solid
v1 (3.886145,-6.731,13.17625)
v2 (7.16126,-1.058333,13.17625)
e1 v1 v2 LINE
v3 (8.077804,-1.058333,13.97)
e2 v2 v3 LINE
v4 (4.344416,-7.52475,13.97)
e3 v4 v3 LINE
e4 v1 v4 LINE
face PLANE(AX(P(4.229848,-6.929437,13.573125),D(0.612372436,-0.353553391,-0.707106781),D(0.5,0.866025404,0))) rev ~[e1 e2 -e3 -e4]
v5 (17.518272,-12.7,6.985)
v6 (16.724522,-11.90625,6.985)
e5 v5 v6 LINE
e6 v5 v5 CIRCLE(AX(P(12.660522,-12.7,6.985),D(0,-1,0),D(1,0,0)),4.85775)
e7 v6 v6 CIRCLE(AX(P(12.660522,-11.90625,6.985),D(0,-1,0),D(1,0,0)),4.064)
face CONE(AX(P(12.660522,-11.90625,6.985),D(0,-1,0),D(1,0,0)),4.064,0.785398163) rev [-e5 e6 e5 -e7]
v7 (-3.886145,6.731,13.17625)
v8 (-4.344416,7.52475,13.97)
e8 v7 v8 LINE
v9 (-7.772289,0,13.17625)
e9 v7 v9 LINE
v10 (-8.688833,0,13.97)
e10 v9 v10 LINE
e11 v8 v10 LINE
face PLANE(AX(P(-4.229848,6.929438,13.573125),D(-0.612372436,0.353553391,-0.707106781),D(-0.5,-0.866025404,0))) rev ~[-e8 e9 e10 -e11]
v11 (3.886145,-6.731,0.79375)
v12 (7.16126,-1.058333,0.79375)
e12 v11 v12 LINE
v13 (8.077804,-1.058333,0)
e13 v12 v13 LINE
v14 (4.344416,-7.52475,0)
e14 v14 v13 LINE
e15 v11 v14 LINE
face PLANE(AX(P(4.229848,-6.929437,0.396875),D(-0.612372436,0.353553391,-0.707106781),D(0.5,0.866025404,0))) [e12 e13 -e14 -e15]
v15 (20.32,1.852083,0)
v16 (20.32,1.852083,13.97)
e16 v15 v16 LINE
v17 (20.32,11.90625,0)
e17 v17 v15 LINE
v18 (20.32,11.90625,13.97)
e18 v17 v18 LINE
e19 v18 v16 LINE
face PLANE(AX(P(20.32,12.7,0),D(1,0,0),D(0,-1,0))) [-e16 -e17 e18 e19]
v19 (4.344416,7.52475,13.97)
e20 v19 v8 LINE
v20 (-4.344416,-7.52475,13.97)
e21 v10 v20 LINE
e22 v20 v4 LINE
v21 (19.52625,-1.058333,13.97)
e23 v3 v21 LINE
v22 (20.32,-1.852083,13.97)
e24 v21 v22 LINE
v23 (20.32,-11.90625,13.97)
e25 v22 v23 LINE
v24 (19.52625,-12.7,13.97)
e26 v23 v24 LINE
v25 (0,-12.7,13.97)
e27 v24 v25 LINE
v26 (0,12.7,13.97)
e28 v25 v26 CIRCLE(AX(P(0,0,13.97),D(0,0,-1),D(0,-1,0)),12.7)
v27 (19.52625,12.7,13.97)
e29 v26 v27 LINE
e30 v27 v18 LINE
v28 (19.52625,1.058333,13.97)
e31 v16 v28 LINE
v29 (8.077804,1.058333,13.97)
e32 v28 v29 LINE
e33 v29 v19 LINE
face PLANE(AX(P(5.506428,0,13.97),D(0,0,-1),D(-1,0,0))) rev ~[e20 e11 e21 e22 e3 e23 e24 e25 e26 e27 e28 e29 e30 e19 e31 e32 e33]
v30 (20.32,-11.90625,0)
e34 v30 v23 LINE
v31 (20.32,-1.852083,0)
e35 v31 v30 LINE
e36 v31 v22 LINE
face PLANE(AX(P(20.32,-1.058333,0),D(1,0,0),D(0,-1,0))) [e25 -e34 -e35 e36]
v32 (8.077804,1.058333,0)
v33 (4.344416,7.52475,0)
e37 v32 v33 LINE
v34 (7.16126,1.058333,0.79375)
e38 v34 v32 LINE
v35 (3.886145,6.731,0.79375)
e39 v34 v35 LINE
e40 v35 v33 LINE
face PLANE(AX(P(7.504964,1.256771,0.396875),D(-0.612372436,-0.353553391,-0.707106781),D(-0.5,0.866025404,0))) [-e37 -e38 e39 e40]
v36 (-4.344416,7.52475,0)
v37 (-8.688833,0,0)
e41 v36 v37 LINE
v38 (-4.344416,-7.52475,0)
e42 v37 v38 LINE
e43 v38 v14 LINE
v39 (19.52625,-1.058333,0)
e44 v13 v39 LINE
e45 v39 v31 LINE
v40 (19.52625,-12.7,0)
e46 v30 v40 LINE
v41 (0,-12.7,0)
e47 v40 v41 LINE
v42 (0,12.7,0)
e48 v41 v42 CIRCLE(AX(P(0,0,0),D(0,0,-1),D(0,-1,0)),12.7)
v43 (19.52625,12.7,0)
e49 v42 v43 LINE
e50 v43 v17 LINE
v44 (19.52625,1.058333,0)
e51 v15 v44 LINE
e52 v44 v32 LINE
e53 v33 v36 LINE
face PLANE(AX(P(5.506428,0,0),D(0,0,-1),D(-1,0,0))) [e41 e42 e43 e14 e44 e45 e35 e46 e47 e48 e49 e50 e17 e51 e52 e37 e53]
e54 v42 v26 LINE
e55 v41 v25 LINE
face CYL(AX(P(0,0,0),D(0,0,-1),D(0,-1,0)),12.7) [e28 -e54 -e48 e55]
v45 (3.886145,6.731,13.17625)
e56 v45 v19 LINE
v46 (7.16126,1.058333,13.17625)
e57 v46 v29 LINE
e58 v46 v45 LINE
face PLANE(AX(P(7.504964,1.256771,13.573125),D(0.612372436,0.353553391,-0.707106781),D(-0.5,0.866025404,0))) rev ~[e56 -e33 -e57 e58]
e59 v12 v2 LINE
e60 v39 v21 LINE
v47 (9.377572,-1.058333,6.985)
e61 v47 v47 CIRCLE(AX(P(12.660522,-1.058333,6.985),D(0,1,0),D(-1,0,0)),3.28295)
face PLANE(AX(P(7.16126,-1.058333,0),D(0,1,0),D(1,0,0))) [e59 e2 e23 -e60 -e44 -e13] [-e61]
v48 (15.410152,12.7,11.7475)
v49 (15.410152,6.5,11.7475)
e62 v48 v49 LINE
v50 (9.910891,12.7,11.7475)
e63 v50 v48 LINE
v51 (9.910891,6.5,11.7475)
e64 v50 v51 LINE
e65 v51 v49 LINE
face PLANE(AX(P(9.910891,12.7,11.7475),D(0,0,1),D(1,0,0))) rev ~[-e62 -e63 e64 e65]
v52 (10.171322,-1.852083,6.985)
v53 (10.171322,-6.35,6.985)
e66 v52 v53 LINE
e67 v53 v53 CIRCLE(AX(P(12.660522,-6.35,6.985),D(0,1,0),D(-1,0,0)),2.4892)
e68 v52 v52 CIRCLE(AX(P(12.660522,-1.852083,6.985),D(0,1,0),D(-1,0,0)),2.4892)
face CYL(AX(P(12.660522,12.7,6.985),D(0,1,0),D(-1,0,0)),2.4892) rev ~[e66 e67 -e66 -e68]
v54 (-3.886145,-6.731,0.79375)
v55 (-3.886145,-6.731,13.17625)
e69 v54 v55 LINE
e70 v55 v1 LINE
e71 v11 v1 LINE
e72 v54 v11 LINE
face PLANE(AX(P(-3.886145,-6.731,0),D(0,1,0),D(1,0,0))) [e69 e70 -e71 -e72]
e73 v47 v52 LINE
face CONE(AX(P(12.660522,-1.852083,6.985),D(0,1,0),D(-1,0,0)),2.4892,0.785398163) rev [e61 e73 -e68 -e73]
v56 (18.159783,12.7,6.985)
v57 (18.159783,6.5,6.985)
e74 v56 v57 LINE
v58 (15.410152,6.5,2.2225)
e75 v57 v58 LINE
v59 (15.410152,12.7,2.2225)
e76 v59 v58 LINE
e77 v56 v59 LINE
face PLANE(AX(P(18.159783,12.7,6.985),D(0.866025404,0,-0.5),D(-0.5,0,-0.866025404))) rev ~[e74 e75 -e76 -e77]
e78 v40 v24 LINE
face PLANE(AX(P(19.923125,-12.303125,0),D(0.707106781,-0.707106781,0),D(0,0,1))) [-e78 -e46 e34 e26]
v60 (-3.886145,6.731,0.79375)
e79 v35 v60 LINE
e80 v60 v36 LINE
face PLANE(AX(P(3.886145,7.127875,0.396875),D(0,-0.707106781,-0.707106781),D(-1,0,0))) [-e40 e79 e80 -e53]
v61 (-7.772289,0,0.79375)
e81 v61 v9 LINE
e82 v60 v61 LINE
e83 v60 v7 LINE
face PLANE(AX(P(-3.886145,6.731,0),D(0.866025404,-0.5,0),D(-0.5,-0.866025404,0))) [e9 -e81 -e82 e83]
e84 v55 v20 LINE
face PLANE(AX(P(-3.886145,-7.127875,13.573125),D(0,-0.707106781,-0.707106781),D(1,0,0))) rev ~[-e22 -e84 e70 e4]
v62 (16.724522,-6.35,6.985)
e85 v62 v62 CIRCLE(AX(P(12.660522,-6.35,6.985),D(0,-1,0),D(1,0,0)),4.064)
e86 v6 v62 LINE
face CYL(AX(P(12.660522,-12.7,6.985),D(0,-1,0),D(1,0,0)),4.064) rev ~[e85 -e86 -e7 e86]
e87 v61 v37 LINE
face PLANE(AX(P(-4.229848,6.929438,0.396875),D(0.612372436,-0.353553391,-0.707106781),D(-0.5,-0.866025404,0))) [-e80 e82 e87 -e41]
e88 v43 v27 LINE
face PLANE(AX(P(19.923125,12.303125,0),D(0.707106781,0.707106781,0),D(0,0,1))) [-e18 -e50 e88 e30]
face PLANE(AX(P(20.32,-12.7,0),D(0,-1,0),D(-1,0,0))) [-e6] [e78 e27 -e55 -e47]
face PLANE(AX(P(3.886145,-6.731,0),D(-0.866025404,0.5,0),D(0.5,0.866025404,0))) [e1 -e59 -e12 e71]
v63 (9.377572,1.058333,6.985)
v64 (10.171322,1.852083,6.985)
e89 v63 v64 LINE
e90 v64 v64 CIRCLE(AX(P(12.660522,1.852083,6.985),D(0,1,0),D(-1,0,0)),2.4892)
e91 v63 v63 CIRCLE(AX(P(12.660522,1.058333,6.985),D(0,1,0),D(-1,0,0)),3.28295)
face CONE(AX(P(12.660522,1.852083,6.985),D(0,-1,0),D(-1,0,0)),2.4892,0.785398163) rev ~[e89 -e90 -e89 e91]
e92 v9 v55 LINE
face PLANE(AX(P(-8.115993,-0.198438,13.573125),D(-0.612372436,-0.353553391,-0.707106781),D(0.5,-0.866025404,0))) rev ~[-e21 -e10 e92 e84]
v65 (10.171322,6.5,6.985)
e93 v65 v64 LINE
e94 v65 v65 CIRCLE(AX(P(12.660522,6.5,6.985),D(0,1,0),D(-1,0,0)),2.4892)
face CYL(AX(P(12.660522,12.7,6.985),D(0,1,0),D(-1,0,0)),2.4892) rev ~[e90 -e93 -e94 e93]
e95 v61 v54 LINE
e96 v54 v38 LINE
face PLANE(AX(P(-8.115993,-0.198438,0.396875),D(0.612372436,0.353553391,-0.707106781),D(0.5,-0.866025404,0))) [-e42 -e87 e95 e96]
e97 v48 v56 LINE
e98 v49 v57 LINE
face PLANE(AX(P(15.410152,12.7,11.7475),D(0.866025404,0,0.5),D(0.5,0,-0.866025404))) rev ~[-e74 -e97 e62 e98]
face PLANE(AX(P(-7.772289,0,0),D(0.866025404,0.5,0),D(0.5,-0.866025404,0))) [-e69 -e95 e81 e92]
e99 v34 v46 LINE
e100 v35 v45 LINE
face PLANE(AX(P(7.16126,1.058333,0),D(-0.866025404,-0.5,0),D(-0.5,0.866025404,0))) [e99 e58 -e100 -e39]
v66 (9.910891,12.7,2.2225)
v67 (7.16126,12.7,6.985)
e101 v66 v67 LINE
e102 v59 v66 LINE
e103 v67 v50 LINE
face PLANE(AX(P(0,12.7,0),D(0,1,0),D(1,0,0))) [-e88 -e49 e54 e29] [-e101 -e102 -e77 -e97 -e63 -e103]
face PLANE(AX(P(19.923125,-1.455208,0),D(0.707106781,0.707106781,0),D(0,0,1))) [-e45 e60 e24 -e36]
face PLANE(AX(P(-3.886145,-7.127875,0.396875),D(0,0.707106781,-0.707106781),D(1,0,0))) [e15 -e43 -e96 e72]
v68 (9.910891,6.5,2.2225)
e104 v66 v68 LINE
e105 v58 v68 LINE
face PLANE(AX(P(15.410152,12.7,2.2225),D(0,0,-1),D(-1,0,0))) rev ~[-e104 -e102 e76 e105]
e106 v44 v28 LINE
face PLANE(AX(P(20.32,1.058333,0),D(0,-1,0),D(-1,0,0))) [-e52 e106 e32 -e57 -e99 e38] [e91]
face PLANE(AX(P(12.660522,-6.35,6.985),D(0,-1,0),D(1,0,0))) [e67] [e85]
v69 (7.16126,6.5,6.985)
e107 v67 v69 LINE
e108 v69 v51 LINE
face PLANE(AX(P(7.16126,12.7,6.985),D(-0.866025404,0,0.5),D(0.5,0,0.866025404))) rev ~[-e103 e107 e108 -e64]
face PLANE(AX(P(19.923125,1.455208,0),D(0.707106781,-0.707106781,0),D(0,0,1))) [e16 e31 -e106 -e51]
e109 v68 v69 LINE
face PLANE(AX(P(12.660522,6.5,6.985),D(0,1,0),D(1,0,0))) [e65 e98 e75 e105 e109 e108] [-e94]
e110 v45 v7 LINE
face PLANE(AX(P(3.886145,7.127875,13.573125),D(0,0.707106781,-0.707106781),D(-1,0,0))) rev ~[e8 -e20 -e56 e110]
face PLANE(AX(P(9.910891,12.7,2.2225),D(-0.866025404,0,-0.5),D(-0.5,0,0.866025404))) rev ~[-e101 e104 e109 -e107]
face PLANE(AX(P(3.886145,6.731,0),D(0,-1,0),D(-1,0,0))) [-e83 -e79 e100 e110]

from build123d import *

# Parameters (mm, degrees)
BOSS_EXTRUDE1_DEPTH = 13.97
CHAMFER1_SIZE       = 0.79375
SKETCH3_R           = 2.4892
CUT_EXTRUDE1_DEPTH  = 36.400894057
CUT_EXTRUDE2_DEPTH  = 6.2
SKETCH5_R           = 4.064
CUT_EXTRUDE3_DEPTH  = 6.35
CHAFL_N1_SIZE       = 0.79375


with BuildPart() as part:
    # Sketch2 → Boss-Extrude1 (new body)
    with BuildSketch(Plane.XY):
        with BuildLine():
            Line((3.886144662, -6.731), (7.161260289, -1.058333333))
            Line((7.161260289, -1.058333333), (10.16, -1.058333333))
            Line((10.16, -1.058333333), (20.32, -1.058333333))
            Line((20.32, -1.058333333), (20.32, -12.7))
            Line((20.32, -12.7), (0, -12.7))
            ThreePointArc((0, -12.7), (-12.7, 0), (0, 12.7))
            Line((0, 12.7), (20.32, 12.7))
            Line((20.32, 12.7), (20.32, 1.058333333))
            Line((20.32, 1.058333333), (10.16, 1.058333333))
            Line((10.16, 1.058333333), (7.161260289, 1.058333333))
            Line((7.161260289, 1.058333333), (3.886144662, 6.731))
            Line((3.886144662, 6.731), (-3.886144662, 6.731))
            Line((-3.886144662, 6.731), (-7.772289324, 0))
            Line((-7.772289324, 0), (-3.886144662, -6.731))
            Line((-3.886144662, -6.731), (3.886144662, -6.731))
        make_face()
    extrude(amount=BOSS_EXTRUDE1_DEPTH)

    # Chamfer1
    chamfer1_edges = [part.edges().sort_by_distance(p)[0] for p in [
        (5.523702475, 3.894666667, 0),
        (0, 6.731, 0),
        (-5.829216993, 3.3655, 0),
        (-5.829216993, -3.3655, 0),
        (0, -6.731, 0),
        (5.523702475, -3.894666667, 0),
        (20.32, -1.058333333, 6.985),
        (20.32, -12.7, 6.985),
        (20.32, 12.7, 6.985),
        (20.32, 1.058333333, 6.985),
        (5.523702475, -3.894666667, 13.97),
        (0, -6.731, 13.97),
        (-5.829216993, -3.3655, 13.97),
        (-5.829216993, 3.3655, 13.97),
        (0, 6.731, 13.97),
        (5.523702475, 3.894666667, 13.97),
    ]]
    chamfer(chamfer1_edges, length=CHAMFER1_SIZE)

    # Sketch3 → Cut-Extrude1 (cut, through all)
    with BuildSketch(Plane(origin=(0, 12.7, 0), x_dir=(1, 0, 0), z_dir=(0, 1, 0))):
        with Locations(Location((12.660521603, -6.985, 0), (0, 0, 180))):
            Circle(SKETCH3_R)
    extrude(amount=-CUT_EXTRUDE1_DEPTH, mode=Mode.SUBTRACT)

    # Sketch4 → Cut-Extrude2 (cut)
    with BuildSketch(Plane(origin=(0, 12.7, 0), x_dir=(1, 0, 0), z_dir=(0, 1, 0))):
        Polygon((9.910890946, -11.7475), (15.41015226, -11.7475), (18.159782917, -6.985), (15.41015226, -2.2225), (9.910890946, -2.2225), (7.161260289, -6.985), align=None)
    extrude(amount=-CUT_EXTRUDE2_DEPTH, mode=Mode.SUBTRACT)

    # Sketch5 → Cut-Extrude3 (cut)
    with BuildSketch(Plane.XZ.offset(12.7)):
        with Locations((12.660521603, 6.985)):
            Circle(SKETCH5_R)
    extrude(amount=-CUT_EXTRUDE3_DEPTH, mode=Mode.SUBTRACT)

    # Chaflán1
    chafl_n1_edges = [part.edges().sort_by_distance(p)[0] for p in [
        (15.149721603, -1.058333333, 6.985),
        (15.149721603, 1.058333333, 6.985),
        (8.596521603, -12.7, 6.985),
    ]]
    chamfer(chafl_n1_edges, length=CHAFL_N1_SIZE)


solid = part.part
